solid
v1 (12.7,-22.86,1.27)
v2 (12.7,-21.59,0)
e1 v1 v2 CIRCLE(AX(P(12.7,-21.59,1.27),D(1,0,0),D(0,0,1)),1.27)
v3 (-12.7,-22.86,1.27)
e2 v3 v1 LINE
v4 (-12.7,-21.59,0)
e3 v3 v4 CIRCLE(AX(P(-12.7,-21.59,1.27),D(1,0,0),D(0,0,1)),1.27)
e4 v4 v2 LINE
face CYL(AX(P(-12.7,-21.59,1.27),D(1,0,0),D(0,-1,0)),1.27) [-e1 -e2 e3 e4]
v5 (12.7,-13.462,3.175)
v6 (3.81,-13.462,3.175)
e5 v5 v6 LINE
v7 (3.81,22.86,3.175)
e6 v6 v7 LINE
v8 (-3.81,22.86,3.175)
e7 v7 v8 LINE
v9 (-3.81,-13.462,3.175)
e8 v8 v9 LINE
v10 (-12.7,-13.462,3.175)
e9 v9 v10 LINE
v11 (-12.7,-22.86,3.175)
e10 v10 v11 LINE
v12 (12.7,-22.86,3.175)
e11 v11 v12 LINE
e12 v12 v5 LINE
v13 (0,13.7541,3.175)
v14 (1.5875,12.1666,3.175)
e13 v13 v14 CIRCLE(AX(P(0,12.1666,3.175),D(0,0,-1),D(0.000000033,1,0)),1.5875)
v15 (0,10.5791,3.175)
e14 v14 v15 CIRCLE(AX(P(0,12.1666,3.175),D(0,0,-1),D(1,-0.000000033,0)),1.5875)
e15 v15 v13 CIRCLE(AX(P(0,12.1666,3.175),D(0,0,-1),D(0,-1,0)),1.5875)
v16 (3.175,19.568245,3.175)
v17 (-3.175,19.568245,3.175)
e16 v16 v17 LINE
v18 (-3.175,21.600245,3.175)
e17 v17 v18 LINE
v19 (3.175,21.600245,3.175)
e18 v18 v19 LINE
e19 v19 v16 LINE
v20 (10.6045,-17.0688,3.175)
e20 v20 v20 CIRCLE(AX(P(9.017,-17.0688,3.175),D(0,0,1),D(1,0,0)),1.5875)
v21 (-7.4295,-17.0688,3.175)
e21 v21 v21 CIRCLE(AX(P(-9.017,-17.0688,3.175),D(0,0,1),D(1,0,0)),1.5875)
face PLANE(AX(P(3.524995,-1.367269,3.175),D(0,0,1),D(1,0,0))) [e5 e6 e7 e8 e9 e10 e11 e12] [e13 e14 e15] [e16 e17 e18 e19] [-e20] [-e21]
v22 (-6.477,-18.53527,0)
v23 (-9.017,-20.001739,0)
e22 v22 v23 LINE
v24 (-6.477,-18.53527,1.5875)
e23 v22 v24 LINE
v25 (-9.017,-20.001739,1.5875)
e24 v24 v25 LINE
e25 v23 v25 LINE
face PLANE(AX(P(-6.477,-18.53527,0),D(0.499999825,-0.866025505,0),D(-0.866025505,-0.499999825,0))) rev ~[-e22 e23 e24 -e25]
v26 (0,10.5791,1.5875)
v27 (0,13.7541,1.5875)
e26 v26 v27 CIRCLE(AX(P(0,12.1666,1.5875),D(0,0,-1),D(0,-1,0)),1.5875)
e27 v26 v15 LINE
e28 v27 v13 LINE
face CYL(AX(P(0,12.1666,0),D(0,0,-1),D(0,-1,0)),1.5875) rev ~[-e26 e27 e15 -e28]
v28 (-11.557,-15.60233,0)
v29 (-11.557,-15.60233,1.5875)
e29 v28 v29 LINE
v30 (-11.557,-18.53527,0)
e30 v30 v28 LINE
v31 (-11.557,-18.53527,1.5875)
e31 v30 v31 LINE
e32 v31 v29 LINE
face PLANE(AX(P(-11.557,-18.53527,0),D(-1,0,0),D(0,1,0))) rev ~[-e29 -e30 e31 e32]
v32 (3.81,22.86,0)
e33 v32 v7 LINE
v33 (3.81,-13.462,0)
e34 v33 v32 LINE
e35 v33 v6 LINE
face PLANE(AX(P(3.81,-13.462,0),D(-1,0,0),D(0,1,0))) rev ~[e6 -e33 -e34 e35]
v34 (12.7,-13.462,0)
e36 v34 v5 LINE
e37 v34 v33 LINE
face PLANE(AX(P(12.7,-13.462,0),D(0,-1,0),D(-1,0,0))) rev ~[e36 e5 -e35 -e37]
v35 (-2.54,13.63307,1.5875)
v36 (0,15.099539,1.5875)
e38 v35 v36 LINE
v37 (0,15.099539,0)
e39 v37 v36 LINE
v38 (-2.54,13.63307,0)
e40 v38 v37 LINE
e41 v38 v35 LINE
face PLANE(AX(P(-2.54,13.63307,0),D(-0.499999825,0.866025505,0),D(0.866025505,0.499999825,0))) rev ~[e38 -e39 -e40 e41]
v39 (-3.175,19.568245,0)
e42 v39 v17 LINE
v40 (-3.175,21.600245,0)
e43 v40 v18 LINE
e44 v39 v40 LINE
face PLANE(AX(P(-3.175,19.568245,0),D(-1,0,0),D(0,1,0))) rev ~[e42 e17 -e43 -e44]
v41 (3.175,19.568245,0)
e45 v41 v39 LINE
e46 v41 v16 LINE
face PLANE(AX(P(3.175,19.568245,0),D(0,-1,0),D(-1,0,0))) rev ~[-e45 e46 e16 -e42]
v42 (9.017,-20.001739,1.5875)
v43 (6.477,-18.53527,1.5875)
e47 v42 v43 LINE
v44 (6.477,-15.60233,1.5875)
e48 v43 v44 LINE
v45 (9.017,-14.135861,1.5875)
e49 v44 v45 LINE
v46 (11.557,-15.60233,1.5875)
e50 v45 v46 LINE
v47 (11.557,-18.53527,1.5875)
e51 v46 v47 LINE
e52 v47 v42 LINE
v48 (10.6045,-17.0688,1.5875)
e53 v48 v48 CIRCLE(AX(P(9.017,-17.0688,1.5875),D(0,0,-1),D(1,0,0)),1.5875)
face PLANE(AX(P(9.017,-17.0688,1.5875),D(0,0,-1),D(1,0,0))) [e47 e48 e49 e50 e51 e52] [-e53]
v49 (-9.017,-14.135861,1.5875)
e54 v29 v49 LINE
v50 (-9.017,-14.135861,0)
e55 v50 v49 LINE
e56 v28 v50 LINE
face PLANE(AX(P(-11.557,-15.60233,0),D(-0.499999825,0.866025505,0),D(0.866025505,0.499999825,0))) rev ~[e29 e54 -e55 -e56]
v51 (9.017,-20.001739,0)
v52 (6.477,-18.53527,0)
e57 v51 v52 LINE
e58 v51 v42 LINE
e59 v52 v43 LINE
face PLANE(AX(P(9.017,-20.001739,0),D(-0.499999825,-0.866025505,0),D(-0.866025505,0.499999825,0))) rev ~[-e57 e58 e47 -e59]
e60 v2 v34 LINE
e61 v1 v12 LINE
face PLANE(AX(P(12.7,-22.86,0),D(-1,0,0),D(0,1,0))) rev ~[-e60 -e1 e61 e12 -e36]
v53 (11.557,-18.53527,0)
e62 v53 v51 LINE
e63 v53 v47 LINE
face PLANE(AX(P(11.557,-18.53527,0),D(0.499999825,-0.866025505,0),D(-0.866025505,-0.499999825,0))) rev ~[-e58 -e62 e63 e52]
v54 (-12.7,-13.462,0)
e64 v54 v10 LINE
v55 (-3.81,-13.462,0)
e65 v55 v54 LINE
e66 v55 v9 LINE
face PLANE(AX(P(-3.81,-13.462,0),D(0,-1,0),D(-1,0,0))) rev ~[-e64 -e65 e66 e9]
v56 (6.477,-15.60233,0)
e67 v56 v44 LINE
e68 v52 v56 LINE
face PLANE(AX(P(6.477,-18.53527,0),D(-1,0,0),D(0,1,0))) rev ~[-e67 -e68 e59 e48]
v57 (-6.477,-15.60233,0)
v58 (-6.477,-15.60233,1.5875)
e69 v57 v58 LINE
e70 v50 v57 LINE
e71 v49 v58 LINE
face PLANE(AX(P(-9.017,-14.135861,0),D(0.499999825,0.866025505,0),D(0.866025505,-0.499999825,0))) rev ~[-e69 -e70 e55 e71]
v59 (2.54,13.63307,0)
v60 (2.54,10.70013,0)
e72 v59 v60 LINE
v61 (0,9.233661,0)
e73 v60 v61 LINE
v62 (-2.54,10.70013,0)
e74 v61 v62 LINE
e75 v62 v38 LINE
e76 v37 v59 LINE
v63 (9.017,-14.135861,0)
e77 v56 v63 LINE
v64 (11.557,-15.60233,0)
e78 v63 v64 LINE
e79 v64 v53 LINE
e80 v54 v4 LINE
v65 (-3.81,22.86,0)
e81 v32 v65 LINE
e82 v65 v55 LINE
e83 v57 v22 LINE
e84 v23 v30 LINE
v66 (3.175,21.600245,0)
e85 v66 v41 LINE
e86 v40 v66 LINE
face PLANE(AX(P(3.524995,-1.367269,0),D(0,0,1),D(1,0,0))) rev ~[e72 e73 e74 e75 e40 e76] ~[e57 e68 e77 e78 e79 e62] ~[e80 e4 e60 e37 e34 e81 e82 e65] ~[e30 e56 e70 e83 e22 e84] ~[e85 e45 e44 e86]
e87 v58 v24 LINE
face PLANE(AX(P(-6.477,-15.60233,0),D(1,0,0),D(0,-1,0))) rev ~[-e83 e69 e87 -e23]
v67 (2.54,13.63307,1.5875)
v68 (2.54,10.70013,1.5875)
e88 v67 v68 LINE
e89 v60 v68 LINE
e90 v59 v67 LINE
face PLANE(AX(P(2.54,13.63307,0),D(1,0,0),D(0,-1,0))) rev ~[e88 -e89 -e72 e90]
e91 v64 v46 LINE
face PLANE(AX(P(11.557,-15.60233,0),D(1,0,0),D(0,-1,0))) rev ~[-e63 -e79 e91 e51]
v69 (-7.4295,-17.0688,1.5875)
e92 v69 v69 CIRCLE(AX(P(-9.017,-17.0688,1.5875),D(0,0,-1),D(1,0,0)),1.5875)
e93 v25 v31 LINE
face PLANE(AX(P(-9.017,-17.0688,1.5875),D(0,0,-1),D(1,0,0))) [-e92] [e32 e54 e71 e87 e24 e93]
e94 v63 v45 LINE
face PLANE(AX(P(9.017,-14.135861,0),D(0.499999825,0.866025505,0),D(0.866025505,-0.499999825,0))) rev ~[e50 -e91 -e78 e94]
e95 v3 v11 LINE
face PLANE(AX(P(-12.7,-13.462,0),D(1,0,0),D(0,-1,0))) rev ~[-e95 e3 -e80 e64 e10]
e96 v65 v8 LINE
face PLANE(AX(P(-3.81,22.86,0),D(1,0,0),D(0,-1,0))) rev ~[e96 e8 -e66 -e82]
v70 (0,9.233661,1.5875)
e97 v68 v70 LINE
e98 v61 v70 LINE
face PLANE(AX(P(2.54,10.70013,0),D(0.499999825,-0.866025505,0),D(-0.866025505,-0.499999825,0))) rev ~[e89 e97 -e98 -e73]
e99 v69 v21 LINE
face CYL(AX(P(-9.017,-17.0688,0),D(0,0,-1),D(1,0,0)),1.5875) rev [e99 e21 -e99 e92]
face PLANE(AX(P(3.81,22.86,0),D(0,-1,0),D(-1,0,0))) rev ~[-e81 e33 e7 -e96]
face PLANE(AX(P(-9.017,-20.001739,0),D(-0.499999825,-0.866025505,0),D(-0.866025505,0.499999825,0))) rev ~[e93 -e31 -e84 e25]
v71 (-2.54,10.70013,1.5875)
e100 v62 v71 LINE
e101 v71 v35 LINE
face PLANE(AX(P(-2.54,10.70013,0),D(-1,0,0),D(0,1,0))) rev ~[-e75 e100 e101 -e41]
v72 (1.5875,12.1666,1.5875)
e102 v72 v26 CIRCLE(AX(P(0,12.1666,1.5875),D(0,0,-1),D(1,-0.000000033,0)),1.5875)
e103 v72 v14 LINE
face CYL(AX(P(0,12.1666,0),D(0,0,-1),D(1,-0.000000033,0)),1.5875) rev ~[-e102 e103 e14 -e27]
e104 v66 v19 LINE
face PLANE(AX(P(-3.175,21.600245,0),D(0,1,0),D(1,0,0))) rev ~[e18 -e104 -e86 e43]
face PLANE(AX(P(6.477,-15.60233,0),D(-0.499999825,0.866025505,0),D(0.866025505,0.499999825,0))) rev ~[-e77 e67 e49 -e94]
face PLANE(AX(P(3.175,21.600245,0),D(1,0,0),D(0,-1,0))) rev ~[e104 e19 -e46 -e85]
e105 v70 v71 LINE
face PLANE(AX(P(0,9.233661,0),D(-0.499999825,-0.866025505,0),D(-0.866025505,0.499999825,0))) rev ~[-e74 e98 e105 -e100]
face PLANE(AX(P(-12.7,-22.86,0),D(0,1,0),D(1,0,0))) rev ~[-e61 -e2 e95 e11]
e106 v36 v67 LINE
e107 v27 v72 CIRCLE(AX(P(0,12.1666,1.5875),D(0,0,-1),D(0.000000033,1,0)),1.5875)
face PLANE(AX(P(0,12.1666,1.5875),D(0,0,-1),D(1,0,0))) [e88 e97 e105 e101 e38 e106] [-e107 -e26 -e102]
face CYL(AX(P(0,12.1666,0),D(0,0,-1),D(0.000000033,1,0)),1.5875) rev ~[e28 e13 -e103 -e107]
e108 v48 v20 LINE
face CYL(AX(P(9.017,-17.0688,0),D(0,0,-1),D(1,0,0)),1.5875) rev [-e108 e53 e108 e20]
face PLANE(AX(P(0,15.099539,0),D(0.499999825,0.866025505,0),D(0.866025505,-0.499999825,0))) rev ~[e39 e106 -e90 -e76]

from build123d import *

# Parameters (mm, degrees)
F0_R     = 1.5875
F1_DEPTH = 3.175
F2_R     = 1.27
F4_DEPTH = 1.5875


with BuildPart() as f1:
    # F0 (on Top) → F1 (new body)
    with BuildSketch(Plane.XY):
        with BuildLine():
            ThreePointArc((0, 13.7541), (1.122532, 13.289132), (1.5875, 12.1666))
            ThreePointArc((1.5875, 12.1666), (1.122532, 11.044068), (0, 10.5791))
            Line((0, 10.5791), (0, -22.86))
            Line((0, -22.86), (12.7, -22.86))
            Line((12.7, -22.86), (12.7, -13.462))
            Line((12.7, -13.462), (3.81, -13.462))
            Line((3.81, -13.462), (3.81, 22.86))
            Line((3.81, 22.86), (0, 22.86))
            Line((0, 22.86), (0, 21.600245))
            Line((0, 21.600245), (3.175, 21.600245))
            Line((3.175, 21.600245), (3.175, 19.568245))
            Line((3.175, 19.568245), (0, 19.568245))
            Line((0, 19.568245), (0, 13.7541))
        make_face()
        with Locations((9.017, -17.0688)):
            Circle(F0_R, mode=Mode.SUBTRACT)
        with BuildLine():
            ThreePointArc((0, 10.5791), (-1.5875, 12.1666), (0, 13.7541))
            Line((0, 13.7541), (0, 19.568245))
            Line((0, 19.568245), (-3.175, 19.568245))
            Line((-3.175, 19.568245), (-3.175, 21.600245))
            Line((-3.175, 21.600245), (0, 21.600245))
            Line((0, 21.600245), (0, 22.86))
            Line((0, 22.86), (-3.81, 22.86))
            Line((-3.81, 22.86), (-3.81, -13.462))
            Line((-3.81, -13.462), (-12.7, -13.462))
            Line((-12.7, -13.462), (-12.7, -22.86))
            Line((-12.7, -22.86), (0, -22.86))
            Line((0, -22.86), (0, 10.5791))
        make_face()
        with Locations((-9.017, -17.0688)):
            Circle(F0_R, mode=Mode.SUBTRACT)
    extrude(amount=F1_DEPTH)

    # F2
    f2_edges = [f1.edges().sort_by_distance(p)[0] for p in [
        (0, -22.86, 0),
    ]]
    fillet(f2_edges, radius=F2_R)

    # F3 (on face) → F4 (cut)
    with BuildSketch(Plane(origin=(0, 0, 0), x_dir=(1, 0, 0), z_dir=(0, 0, -1))):
        Polygon((-6.477, 18.53527), (-9.017, 20.001739), (-11.557, 18.53527), (-11.557, 15.60233), (-9.017, 14.135861), (-6.477, 15.60233), align=None)
        Polygon((9.017, 20.001739), (6.477, 18.53527), (6.477, 15.60233), (9.017, 14.135861), (11.557, 15.60233), (11.557, 18.53527), align=None)
        Polygon((2.54, -10.70013), (0, -9.233661), (-2.54, -10.70013), (-2.54, -13.63307), (0, -15.099539), (2.54, -13.63307), align=None)
    extrude(amount=-F4_DEPTH, mode=Mode.SUBTRACT)


solid = f1.part
